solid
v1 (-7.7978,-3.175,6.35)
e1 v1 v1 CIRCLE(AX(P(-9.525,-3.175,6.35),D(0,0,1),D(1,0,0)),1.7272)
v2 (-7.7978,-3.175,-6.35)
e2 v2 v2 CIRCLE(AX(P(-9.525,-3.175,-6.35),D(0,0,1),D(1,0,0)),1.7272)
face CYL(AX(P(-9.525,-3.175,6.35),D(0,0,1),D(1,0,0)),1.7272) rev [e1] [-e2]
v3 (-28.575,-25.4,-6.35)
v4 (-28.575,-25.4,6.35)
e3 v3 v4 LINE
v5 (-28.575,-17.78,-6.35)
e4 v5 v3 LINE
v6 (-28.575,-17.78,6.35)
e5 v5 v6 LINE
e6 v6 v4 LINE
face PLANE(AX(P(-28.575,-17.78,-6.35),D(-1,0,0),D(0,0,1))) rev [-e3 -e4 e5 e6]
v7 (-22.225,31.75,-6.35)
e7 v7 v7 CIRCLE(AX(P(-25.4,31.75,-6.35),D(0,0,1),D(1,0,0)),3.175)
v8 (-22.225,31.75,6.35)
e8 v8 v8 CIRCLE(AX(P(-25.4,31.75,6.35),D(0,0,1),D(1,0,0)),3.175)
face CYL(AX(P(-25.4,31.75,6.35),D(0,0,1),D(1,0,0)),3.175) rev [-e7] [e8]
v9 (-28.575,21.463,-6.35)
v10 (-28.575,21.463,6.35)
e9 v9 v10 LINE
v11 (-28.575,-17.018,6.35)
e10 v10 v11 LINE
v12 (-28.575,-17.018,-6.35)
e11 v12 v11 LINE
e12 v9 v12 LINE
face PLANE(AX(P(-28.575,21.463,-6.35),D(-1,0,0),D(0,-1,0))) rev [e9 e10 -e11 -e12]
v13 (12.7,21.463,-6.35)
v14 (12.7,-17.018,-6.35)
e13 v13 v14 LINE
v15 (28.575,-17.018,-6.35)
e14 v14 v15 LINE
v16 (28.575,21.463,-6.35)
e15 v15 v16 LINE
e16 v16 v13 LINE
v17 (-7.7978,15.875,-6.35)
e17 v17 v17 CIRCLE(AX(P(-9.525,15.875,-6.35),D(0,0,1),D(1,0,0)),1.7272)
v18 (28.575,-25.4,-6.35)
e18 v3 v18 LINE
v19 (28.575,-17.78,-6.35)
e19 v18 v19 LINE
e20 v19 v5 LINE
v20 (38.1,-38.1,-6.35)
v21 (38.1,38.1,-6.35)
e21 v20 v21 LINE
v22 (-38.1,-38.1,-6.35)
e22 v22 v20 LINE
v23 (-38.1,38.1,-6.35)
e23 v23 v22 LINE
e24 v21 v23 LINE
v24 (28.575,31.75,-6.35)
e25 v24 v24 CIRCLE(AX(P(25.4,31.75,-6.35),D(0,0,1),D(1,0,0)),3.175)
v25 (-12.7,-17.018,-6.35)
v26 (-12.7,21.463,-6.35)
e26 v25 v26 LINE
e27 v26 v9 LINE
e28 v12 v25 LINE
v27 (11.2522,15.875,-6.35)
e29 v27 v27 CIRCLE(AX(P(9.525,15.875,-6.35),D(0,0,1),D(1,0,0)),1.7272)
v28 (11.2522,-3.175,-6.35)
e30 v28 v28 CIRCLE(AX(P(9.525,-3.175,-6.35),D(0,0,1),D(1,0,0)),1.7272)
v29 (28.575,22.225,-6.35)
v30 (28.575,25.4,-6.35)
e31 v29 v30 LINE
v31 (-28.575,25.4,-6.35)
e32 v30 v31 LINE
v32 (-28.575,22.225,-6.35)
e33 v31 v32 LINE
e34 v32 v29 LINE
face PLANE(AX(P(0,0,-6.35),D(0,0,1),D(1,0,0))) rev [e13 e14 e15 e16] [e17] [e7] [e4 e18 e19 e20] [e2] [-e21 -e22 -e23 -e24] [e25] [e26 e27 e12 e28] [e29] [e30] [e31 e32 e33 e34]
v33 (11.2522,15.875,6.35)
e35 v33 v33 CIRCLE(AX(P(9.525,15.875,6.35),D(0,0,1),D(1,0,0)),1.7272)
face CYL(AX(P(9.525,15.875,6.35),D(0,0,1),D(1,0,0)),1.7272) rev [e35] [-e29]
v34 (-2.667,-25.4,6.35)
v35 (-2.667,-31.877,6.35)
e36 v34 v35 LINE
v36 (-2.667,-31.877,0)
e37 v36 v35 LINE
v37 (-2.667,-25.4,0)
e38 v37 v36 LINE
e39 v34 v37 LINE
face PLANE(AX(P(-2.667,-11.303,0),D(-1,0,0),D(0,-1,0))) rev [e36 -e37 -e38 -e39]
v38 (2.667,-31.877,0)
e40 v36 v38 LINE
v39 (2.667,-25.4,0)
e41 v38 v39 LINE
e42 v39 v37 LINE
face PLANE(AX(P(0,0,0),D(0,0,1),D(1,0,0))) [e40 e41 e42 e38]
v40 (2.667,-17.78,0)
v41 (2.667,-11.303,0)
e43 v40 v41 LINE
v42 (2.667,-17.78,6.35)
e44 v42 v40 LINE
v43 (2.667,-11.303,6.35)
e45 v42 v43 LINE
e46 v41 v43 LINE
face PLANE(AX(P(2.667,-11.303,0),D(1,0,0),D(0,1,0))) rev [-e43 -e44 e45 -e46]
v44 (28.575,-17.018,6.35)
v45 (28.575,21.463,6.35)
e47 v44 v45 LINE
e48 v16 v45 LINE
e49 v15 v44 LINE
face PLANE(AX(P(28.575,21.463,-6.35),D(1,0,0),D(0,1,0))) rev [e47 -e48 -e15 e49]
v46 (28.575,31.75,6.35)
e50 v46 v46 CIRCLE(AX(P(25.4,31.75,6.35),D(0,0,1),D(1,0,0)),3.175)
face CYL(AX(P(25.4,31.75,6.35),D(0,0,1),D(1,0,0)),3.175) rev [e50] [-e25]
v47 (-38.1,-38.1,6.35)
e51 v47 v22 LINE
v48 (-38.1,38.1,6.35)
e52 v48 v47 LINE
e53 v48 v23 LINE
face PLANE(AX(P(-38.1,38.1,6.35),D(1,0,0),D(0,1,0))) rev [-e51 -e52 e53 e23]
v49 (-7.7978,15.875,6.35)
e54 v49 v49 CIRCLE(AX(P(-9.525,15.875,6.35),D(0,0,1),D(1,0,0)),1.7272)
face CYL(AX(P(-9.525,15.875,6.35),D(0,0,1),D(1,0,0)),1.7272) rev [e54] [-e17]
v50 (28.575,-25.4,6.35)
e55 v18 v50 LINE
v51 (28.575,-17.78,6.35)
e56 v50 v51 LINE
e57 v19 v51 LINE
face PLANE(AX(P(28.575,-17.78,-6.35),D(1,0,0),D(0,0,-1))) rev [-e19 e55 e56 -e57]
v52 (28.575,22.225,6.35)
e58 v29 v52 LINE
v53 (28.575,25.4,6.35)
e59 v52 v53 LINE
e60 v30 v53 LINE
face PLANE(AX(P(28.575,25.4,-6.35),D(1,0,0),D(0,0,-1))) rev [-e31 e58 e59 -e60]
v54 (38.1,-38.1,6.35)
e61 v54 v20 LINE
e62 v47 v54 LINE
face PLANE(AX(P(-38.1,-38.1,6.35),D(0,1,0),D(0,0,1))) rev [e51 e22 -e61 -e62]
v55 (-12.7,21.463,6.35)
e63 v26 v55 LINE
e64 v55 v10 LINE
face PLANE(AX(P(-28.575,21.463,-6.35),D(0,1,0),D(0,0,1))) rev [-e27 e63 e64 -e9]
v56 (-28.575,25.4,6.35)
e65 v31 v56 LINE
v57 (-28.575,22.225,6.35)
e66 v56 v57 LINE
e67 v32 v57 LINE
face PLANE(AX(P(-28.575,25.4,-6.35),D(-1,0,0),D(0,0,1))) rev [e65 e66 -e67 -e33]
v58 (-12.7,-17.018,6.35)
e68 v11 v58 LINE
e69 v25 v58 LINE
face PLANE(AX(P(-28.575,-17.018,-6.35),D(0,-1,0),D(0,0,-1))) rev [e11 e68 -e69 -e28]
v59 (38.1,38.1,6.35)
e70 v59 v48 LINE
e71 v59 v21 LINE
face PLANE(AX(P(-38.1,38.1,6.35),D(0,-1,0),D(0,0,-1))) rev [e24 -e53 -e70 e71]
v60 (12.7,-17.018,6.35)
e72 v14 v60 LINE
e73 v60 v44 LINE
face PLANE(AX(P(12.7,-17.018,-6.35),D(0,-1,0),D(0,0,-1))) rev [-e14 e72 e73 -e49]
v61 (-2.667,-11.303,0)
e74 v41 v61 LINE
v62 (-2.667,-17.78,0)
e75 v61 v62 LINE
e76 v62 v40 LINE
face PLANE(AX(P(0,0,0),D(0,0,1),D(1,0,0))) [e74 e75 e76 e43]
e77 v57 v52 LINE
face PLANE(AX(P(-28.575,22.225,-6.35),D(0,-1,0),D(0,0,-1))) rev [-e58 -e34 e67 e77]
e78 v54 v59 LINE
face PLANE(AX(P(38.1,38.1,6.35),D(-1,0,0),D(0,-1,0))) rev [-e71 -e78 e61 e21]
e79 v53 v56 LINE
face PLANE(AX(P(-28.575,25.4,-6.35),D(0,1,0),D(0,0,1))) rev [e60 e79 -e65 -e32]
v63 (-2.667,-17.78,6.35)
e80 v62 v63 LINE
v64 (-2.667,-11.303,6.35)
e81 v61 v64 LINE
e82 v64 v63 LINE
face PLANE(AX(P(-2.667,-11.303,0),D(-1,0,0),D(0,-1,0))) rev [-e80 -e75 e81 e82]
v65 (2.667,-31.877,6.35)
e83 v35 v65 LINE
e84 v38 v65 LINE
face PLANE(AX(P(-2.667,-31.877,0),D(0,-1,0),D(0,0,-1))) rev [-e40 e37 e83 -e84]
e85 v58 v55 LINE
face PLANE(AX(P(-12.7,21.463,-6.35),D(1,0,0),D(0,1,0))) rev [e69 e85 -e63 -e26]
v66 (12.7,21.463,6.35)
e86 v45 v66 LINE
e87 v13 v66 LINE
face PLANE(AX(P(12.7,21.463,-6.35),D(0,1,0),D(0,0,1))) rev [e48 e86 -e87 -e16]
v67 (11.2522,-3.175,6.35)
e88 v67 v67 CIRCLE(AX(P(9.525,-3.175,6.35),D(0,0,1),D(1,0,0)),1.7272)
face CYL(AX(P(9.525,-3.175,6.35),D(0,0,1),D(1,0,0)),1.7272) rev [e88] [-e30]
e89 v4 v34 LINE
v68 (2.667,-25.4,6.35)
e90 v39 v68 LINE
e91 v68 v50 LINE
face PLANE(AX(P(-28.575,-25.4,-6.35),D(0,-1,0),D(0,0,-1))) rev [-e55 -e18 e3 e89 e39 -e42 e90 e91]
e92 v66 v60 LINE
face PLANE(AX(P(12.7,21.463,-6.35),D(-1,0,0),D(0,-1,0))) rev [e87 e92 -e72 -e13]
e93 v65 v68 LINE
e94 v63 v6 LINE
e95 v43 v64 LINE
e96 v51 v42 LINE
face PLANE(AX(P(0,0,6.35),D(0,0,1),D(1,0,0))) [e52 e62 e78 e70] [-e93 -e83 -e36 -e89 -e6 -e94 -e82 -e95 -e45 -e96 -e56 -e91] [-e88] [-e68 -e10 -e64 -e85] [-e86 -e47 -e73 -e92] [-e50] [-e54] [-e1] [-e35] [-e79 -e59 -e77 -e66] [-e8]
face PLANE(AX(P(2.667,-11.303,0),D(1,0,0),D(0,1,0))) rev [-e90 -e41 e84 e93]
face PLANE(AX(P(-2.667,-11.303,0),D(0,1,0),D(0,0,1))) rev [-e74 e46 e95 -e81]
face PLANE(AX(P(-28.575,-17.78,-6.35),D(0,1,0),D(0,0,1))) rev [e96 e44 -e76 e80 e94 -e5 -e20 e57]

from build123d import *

# Parameters (mm, degrees)
SKETCH1_W                       = 76.2
SKETCH1_H                       = 76.2
BOSS_EXTRUDE1_DEPTH             = 6.35
SKETCH2_W                       = 57.15
SKETCH2_H                       = 3.175
SKETCH2_W_2                     = 15.875
SKETCH2_H_2                     = 38.481
SKETCH2_H_3                     = 7.62
CUT_EXTRUDE1_DEPTH              = 13.7
SKETCH3_W                       = 5.334
SKETCH3_H                       = 20.574
CUT_EXTRUDE2_DEPTH              = 6.35
F_1_4_0_25_DIAMETER_HOLE1_D     = 6.35
F_1_4_0_25_DIAMETER_HOLE1_DEPTH = 12.7
F_8_32_TAPPED_HOLE1_D           = 3.4544
F_8_32_TAPPED_HOLE1_DEPTH       = 12.7


with BuildPart() as part:
    # Sketch1 → Boss-Extrude1 (new body, symmetric)
    with BuildSketch(Plane.XY):
        Rectangle(SKETCH1_W, SKETCH1_H)
    extrude(amount=BOSS_EXTRUDE1_DEPTH, both=True)

    # Sketch2 → Cut-Extrude1 (cut, through all)
    with BuildSketch(Plane.XY.offset(6.35)):
        with Locations((0, 23.8125)):
            Rectangle(SKETCH2_W, SKETCH2_H)
        with Locations((20.6375, 2.2225)):
            Rectangle(SKETCH2_W_2, SKETCH2_H_2)
        with Locations((-20.6375, 2.2225)):
            Rectangle(SKETCH2_W_2, SKETCH2_H_2)
        with Locations((0, -21.59)):
            Rectangle(SKETCH2_W, SKETCH2_H_3)
    extrude(amount=-CUT_EXTRUDE1_DEPTH, mode=Mode.SUBTRACT)

    # Sketch3 → Cut-Extrude2 (cut)
    with BuildSketch(Plane.XY.offset(6.35)):
        with Locations((0, -21.59)):
            Rectangle(SKETCH3_W, SKETCH3_H)
    extrude(amount=-CUT_EXTRUDE2_DEPTH, mode=Mode.SUBTRACT)

    # 1/4 (0.25) Diameter Hole1
    with Locations(Plane.XY.offset(6.35)):
        with Locations((-25.4, 31.75), (25.4, 31.75)):
            Hole(F_1_4_0_25_DIAMETER_HOLE1_D / 2, depth=F_1_4_0_25_DIAMETER_HOLE1_DEPTH)

    # #8-32 Tapped Hole1
    with Locations(Plane.XY.offset(6.35)):
        with Locations((-9.525, 15.875), (9.525, 15.875), (9.525, -3.175), (-9.525, -3.175)):
            Hole(F_8_32_TAPPED_HOLE1_D / 2, depth=F_8_32_TAPPED_HOLE1_DEPTH)


solid = part.part
